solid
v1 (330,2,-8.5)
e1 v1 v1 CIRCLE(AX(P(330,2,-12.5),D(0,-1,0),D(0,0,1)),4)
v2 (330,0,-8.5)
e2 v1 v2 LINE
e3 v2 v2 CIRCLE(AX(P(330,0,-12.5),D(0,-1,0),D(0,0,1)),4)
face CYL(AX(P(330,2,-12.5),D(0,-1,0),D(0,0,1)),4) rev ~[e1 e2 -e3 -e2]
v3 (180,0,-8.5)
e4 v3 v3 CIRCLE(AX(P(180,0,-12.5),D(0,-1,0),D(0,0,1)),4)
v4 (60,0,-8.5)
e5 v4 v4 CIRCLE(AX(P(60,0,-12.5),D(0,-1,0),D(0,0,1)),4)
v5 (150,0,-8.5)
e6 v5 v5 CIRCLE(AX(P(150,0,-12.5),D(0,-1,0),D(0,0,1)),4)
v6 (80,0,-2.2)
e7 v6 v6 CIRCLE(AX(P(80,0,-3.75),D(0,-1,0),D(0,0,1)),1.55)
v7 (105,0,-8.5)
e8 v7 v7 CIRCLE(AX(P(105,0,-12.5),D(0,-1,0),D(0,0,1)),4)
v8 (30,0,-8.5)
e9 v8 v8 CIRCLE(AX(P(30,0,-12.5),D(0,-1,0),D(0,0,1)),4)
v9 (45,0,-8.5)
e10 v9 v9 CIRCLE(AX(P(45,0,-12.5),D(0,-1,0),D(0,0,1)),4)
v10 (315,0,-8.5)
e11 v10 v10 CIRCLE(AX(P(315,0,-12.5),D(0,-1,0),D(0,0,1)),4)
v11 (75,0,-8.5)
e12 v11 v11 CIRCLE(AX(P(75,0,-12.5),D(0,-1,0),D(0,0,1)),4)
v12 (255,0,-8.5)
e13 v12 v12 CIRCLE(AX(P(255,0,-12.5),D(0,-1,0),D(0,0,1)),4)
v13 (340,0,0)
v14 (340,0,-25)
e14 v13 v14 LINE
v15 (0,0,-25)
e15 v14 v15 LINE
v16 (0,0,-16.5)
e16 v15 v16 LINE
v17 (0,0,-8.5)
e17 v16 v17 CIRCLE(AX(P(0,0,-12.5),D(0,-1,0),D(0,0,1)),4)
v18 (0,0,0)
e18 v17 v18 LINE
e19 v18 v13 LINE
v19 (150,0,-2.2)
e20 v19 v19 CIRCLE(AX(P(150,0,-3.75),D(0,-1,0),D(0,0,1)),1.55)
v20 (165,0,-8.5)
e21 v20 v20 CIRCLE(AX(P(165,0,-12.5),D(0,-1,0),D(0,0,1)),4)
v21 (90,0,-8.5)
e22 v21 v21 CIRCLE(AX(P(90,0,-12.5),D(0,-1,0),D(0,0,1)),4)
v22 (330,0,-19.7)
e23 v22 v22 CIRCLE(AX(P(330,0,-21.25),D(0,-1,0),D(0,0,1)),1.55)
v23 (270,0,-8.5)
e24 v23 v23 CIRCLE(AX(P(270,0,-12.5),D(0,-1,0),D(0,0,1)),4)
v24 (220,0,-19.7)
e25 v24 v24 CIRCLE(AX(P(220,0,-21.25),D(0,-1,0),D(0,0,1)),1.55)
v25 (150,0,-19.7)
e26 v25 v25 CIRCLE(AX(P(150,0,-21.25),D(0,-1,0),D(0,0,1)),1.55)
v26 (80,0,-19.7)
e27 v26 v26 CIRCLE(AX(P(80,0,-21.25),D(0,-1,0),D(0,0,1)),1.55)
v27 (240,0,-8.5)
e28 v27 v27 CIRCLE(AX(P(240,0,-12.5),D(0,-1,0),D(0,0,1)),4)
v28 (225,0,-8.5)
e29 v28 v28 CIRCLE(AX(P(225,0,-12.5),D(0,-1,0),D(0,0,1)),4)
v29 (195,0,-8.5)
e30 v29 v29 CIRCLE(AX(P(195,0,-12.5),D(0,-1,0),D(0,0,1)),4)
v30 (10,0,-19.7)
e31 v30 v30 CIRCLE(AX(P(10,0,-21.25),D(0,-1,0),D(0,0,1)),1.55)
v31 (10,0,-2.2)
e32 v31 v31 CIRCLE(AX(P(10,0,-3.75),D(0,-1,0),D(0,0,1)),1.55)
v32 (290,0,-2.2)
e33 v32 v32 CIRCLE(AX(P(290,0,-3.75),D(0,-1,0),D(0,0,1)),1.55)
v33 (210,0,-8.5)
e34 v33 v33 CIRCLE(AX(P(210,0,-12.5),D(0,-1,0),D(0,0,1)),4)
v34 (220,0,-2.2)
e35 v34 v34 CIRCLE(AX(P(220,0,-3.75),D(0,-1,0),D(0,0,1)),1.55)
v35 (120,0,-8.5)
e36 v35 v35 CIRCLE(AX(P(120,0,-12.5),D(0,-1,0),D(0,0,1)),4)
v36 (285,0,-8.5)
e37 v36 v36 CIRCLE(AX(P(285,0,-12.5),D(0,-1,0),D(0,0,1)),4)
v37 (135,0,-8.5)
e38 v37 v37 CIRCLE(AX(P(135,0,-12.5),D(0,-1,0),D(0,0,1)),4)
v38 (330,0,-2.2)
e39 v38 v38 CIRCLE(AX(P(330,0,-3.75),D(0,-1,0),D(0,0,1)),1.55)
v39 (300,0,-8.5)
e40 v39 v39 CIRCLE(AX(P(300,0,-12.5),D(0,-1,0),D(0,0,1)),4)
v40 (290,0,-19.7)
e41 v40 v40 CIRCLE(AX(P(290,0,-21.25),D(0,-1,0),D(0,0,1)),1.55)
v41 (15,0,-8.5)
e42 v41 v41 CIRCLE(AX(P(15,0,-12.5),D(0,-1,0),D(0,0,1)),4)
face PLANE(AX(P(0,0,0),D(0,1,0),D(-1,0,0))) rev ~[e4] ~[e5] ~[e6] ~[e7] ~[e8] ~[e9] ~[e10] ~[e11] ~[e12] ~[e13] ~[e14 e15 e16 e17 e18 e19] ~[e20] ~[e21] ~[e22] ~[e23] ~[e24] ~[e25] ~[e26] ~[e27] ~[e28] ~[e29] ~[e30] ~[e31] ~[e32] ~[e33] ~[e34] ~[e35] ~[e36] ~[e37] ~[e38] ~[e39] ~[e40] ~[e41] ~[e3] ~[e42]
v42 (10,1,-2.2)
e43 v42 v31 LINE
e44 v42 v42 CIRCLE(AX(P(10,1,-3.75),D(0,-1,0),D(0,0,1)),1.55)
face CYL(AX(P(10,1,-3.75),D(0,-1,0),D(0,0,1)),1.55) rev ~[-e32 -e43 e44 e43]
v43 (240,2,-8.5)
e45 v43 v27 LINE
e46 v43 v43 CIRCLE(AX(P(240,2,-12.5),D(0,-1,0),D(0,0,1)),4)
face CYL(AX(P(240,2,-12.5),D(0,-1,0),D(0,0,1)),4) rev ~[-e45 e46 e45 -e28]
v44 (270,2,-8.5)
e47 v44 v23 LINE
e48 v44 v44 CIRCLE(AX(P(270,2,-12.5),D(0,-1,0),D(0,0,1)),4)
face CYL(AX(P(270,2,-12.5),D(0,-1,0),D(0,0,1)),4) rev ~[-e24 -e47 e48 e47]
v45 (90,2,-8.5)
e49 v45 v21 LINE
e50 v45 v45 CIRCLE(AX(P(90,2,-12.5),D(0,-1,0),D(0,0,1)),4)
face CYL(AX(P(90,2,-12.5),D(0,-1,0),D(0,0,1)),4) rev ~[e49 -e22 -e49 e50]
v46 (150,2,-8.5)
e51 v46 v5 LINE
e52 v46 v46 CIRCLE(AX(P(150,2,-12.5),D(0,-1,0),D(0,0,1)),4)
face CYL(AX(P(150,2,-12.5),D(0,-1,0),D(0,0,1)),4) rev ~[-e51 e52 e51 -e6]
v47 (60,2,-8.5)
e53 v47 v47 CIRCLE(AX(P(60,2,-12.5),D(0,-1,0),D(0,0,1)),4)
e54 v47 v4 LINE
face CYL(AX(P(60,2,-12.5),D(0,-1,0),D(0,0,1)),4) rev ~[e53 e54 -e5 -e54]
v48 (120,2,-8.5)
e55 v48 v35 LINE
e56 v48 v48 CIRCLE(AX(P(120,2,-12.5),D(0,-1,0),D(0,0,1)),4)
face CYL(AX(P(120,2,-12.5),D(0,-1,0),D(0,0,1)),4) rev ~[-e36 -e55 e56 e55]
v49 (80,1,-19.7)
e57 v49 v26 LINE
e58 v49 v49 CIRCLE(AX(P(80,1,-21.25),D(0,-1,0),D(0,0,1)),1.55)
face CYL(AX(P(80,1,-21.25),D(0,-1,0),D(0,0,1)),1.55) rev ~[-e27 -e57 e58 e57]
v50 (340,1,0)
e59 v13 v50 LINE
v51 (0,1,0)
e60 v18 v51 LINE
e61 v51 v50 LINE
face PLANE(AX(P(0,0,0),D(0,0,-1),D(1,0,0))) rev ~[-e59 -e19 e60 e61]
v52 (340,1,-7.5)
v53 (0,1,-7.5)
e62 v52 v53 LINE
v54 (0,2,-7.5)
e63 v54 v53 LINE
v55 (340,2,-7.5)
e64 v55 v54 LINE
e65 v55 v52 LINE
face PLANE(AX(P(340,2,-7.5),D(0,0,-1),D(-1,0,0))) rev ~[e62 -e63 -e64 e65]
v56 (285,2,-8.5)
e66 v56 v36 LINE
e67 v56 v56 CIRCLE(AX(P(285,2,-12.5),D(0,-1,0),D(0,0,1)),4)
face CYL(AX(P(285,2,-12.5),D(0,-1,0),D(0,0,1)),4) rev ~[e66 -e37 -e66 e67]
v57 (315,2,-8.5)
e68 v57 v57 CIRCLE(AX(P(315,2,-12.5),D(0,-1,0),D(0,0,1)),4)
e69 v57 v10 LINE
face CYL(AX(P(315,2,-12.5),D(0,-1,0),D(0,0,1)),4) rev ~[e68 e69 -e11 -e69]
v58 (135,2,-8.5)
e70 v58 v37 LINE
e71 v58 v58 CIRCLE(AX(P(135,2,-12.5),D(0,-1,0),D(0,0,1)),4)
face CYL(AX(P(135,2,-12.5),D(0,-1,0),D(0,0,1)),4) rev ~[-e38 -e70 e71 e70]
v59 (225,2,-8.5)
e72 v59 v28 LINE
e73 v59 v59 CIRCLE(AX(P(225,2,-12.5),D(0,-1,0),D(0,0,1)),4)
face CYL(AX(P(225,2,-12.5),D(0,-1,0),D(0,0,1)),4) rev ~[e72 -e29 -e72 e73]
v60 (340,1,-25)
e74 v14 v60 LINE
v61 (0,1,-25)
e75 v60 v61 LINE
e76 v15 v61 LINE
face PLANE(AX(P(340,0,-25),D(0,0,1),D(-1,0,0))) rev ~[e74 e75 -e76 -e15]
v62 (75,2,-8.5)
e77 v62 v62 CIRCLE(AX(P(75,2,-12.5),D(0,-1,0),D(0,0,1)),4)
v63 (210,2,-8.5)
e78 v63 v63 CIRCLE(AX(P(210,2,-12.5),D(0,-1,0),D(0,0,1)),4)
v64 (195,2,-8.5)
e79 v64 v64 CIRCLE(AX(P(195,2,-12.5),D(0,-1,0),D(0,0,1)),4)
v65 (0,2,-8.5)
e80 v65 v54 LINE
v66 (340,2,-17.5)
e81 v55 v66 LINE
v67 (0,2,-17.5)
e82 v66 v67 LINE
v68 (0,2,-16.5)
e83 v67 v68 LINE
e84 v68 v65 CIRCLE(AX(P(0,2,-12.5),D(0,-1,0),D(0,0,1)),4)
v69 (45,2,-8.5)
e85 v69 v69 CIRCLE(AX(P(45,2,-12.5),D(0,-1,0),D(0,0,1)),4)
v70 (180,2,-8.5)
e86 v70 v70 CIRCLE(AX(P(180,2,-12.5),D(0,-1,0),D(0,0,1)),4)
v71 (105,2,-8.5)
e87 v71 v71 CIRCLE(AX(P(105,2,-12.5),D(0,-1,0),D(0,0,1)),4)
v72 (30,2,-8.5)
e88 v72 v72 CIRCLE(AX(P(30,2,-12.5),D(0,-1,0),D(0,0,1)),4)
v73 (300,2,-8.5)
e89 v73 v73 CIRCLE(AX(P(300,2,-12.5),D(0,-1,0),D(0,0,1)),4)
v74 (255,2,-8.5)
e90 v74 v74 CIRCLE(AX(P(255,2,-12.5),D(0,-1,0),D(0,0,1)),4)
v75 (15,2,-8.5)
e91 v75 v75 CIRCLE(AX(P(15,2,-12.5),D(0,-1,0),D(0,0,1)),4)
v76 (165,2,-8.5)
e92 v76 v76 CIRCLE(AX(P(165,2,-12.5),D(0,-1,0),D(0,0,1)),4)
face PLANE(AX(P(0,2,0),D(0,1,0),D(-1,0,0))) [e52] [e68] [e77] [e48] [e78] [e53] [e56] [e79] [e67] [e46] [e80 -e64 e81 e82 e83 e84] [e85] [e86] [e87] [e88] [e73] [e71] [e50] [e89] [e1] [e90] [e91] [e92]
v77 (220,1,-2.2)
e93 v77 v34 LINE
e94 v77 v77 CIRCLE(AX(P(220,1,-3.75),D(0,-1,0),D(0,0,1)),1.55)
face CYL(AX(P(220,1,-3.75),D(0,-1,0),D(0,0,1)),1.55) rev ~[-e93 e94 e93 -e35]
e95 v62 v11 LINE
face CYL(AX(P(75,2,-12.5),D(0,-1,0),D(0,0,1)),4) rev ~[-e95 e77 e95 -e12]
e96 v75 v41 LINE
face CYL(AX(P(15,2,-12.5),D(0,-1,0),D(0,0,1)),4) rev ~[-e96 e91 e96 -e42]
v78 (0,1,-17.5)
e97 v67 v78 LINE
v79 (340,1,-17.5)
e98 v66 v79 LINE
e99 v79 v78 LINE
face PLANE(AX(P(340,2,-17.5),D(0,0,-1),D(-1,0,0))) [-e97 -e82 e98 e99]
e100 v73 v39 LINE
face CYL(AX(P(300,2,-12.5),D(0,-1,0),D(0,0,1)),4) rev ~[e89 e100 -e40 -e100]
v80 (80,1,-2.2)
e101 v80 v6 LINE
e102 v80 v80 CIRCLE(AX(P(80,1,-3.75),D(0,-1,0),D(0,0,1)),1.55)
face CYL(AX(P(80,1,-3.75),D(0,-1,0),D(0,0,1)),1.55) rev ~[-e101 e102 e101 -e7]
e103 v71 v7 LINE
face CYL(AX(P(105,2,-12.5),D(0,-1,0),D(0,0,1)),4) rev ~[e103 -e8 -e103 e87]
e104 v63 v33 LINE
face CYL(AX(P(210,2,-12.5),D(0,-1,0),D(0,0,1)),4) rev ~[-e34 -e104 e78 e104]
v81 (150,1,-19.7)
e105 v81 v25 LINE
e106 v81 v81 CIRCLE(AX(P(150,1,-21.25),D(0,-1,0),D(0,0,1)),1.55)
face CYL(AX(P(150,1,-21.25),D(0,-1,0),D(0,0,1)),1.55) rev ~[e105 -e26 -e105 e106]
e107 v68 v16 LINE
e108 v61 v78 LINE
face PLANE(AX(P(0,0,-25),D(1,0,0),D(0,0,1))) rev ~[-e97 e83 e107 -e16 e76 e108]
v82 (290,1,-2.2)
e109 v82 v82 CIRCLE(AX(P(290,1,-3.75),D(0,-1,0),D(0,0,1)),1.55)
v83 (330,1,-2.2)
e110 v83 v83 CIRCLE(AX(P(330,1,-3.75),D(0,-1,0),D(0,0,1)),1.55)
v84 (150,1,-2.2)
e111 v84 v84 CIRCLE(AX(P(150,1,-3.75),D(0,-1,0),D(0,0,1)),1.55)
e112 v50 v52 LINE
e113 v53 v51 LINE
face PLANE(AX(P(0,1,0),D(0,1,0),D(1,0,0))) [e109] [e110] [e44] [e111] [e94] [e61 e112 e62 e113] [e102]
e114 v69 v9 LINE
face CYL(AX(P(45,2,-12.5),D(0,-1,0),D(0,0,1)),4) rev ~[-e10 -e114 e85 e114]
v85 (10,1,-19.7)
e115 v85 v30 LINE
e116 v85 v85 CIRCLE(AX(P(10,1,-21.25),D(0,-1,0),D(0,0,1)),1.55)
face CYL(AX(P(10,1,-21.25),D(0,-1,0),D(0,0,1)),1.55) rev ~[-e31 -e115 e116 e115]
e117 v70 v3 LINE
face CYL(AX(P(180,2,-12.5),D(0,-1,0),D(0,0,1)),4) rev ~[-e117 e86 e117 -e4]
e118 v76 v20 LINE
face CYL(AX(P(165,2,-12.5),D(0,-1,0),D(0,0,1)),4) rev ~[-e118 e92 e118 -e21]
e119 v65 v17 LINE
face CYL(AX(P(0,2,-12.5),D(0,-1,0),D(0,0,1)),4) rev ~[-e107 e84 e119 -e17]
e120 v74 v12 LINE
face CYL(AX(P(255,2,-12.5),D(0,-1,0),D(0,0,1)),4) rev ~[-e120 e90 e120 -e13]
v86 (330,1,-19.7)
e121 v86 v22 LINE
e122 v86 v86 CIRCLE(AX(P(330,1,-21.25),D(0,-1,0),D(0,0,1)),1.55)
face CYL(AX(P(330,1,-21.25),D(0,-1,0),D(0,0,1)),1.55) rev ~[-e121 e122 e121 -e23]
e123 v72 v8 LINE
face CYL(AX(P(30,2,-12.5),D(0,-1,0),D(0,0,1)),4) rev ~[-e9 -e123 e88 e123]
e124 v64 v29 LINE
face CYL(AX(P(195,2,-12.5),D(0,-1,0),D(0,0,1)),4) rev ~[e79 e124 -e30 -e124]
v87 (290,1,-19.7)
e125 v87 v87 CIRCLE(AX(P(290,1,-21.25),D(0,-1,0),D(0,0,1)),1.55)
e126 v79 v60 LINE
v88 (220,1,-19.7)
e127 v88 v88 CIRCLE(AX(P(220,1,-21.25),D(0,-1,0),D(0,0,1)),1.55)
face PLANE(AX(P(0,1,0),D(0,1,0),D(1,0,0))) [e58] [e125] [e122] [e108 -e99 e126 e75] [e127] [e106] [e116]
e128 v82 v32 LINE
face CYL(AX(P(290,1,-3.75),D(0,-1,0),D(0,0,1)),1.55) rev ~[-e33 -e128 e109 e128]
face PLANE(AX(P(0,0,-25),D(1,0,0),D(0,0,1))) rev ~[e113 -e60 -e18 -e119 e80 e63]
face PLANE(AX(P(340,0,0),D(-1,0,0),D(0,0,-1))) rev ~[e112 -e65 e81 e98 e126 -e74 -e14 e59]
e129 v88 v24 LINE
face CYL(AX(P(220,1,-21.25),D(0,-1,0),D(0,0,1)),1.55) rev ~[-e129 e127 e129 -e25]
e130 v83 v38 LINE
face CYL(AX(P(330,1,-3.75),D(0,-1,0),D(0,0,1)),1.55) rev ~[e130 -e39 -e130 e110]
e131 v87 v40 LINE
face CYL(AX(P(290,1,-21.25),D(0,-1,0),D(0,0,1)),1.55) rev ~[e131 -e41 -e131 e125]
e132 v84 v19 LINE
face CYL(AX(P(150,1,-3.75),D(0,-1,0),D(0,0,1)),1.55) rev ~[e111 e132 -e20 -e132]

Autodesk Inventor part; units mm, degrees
ref_plane "YZ Plane" through (0, 0, 0) normal (1, 0, 0) x (0, 1, 0)
ref_plane "XZ Plane" through (0, 0, 0) normal (0, 1, 0) x (-1, 0, 0)
ref_plane "XY Plane" through (0, 0, 0) normal (0, 0, 1) x (1, 0, 0)
sketch "スケッチ1" plane through (0, 0, 0) normal (0, 1, 0) x (-1, 0, 0)
  line L0 (0, 0) -> (-340, 0)
  line L1 (-340, 0) -> (-340, -25)
  line L2 (-340, -25) -> (0, -25)
  line L3 (0, -25) -> (0, 0)
  dimension "d0" = 340
  dimension "d1" = 25
extrude "押し出し1" add sketch "スケッチ1" along normal blind 2
sketch "スケッチ2" plane through (0, 2, 0) normal (0, 1, 0) x (1, 0, 0)
  line L0 (0, 25) -> (0, 0) projected
  line L1 (0, 12.5) -> (340, 12.5)
  line L2 (340, 0) -> (340, 25) projected
  line L3 (0, 12.5) -> (340, 12.5)
  line L4 (340, 12.5) -> (340, 17.5)
  line L5 (340, 17.5) -> (0, 17.5)
  line L6 (0, 17.5) -> (0, 12.5)
  line L7 (0, 0) -> (0, 25)
  line L8 (340, 25) -> (340, 0)
  line L9 (340, 7.5) -> (0, 7.5)
  line L10 (0, 0) -> (340, 0)
  line L11 (340, 0) -> (340, 25)
  line L12 (340, 25) -> (0, 25)
  line L13 (0, 25) -> (0, 0)
  point P0 (0, 17.5)
  point P1 (0, 7.5)
  dimension "d4" = 5
extrude "押し出し2" cut sketch "スケッチ2" against normal blind 1 contours L12 L2 L5 L0 | L9 L2 L10 L0
sketch "スケッチ3" plane through (0, 1, 0) normal (0, 1, 0) x (1, 0, 0)
  line L0 (0, 0) -> (0, 7.5) projected
  line L1 (0, 3.75) -> (340, 3.75)
  line L2 (340, 7.5) -> (340, 0) projected
  line L3 (340, 7.5) -> (340, 17.5) projected
  line L4 (340, 12.5) -> (0, 12.5)
  line L5 (0, 17.5) -> (0, 7.5) projected
  point P0 (10, 3.75)
  point P1 (80, 3.75)
  point P2 (150, 3.75)
  point P3 (220, 3.75)
  point P4 (290, 3.75)
  point P5 (10, 21.25)
  point P6 (80, 21.25)
  point P7 (150, 21.25)
  point P8 (220, 21.25)
  point P9 (290, 21.25)
  point P10 (330, 3.75)
  point P11 (330, 21.25)
  dimension "d7" = 10
  dimension "d8" = 70
  dimension "d11" = 70
  dimension "d38" = 10
hole "穴1" at (10, 1, -3.75) at (80, 1, -3.75) at (150, 1, -3.75) at (220, 1, -3.75) at (290, 1, -3.75) at (10, 1, -21.25) at (80, 1, -21.25) at (150, 1, -21.25) at (220, 1, -21.25) at (290, 1, -21.25) at (330, 1, -21.25) at (330, 1, -3.75) direction (0, -1, 0) diameter 3.1 end through all
sketch "スケッチ4" plane through (0, 2, 0) normal (0, 1, 0) x (1, 0, 0)
  line L0 (340, 0) -> (340, 25) projected
  line L1 (340, 12.5) -> (0, 12.5)
  line L2 (0, 17.5) -> (0, 7.5) projected
  point P0 (0, 0)
  point P1 (330, 12.5)
  point P2 (315, 12.5)
  point P3 (300, 12.5)
  point P4 (285, 12.5)
  point P5 (270, 12.5)
  point P6 (255, 12.5)
  point P7 (240, 12.5)
  point P8 (225, 12.5)
  point P9 (210, 12.5)
  point P10 (195, 12.5)
  point P11 (180, 12.5)
  point P12 (165, 12.5)
  point P13 (150, 12.5)
  point P14 (135, 12.5)
  point P15 (120, 12.5)
  point P16 (105, 12.5)
  point P17 (90, 12.5)
  point P18 (75, 12.5)
  point P19 (60, 12.5)
  point P20 (45, 12.5)
  point P21 (30, 12.5)
  point P22 (15, 12.5)
  point P23 (0, 12.5)
  dimension "d23" = 10
  dimension "d26" = 15
hole "穴2" at (330, 2, -12.5) at (315, 2, -12.5) at (300, 2, -12.5) at (285, 2, -12.5) at (270, 2, -12.5) at (255, 2, -12.5) at (240, 2, -12.5) at (225, 2, -12.5) at (210, 2, -12.5) at (195, 2, -12.5) at (180, 2, -12.5) at (165, 2, -12.5) at (150, 2, -12.5) at (135, 2, -12.5) at (120, 2, -12.5) at (105, 2, -12.5) at (90, 2, -12.5) at (75, 2, -12.5) at (60, 2, -12.5) at (45, 2, -12.5) at (30, 2, -12.5) at (15, 2, -12.5) at (0, 2, -12.5) direction (0, -1, 0) diameter 8 depth 8 tip angle 118
equation "\"d0\" = polygon_len1"
equation "\"d4\" = 0.5 * polygon_wid3"
equation "\"polygon_len1\" = 340"
equation "\"polygon_wid3\" = 10"
properties part number "link1plate2" material "アルミニウム 6061"
